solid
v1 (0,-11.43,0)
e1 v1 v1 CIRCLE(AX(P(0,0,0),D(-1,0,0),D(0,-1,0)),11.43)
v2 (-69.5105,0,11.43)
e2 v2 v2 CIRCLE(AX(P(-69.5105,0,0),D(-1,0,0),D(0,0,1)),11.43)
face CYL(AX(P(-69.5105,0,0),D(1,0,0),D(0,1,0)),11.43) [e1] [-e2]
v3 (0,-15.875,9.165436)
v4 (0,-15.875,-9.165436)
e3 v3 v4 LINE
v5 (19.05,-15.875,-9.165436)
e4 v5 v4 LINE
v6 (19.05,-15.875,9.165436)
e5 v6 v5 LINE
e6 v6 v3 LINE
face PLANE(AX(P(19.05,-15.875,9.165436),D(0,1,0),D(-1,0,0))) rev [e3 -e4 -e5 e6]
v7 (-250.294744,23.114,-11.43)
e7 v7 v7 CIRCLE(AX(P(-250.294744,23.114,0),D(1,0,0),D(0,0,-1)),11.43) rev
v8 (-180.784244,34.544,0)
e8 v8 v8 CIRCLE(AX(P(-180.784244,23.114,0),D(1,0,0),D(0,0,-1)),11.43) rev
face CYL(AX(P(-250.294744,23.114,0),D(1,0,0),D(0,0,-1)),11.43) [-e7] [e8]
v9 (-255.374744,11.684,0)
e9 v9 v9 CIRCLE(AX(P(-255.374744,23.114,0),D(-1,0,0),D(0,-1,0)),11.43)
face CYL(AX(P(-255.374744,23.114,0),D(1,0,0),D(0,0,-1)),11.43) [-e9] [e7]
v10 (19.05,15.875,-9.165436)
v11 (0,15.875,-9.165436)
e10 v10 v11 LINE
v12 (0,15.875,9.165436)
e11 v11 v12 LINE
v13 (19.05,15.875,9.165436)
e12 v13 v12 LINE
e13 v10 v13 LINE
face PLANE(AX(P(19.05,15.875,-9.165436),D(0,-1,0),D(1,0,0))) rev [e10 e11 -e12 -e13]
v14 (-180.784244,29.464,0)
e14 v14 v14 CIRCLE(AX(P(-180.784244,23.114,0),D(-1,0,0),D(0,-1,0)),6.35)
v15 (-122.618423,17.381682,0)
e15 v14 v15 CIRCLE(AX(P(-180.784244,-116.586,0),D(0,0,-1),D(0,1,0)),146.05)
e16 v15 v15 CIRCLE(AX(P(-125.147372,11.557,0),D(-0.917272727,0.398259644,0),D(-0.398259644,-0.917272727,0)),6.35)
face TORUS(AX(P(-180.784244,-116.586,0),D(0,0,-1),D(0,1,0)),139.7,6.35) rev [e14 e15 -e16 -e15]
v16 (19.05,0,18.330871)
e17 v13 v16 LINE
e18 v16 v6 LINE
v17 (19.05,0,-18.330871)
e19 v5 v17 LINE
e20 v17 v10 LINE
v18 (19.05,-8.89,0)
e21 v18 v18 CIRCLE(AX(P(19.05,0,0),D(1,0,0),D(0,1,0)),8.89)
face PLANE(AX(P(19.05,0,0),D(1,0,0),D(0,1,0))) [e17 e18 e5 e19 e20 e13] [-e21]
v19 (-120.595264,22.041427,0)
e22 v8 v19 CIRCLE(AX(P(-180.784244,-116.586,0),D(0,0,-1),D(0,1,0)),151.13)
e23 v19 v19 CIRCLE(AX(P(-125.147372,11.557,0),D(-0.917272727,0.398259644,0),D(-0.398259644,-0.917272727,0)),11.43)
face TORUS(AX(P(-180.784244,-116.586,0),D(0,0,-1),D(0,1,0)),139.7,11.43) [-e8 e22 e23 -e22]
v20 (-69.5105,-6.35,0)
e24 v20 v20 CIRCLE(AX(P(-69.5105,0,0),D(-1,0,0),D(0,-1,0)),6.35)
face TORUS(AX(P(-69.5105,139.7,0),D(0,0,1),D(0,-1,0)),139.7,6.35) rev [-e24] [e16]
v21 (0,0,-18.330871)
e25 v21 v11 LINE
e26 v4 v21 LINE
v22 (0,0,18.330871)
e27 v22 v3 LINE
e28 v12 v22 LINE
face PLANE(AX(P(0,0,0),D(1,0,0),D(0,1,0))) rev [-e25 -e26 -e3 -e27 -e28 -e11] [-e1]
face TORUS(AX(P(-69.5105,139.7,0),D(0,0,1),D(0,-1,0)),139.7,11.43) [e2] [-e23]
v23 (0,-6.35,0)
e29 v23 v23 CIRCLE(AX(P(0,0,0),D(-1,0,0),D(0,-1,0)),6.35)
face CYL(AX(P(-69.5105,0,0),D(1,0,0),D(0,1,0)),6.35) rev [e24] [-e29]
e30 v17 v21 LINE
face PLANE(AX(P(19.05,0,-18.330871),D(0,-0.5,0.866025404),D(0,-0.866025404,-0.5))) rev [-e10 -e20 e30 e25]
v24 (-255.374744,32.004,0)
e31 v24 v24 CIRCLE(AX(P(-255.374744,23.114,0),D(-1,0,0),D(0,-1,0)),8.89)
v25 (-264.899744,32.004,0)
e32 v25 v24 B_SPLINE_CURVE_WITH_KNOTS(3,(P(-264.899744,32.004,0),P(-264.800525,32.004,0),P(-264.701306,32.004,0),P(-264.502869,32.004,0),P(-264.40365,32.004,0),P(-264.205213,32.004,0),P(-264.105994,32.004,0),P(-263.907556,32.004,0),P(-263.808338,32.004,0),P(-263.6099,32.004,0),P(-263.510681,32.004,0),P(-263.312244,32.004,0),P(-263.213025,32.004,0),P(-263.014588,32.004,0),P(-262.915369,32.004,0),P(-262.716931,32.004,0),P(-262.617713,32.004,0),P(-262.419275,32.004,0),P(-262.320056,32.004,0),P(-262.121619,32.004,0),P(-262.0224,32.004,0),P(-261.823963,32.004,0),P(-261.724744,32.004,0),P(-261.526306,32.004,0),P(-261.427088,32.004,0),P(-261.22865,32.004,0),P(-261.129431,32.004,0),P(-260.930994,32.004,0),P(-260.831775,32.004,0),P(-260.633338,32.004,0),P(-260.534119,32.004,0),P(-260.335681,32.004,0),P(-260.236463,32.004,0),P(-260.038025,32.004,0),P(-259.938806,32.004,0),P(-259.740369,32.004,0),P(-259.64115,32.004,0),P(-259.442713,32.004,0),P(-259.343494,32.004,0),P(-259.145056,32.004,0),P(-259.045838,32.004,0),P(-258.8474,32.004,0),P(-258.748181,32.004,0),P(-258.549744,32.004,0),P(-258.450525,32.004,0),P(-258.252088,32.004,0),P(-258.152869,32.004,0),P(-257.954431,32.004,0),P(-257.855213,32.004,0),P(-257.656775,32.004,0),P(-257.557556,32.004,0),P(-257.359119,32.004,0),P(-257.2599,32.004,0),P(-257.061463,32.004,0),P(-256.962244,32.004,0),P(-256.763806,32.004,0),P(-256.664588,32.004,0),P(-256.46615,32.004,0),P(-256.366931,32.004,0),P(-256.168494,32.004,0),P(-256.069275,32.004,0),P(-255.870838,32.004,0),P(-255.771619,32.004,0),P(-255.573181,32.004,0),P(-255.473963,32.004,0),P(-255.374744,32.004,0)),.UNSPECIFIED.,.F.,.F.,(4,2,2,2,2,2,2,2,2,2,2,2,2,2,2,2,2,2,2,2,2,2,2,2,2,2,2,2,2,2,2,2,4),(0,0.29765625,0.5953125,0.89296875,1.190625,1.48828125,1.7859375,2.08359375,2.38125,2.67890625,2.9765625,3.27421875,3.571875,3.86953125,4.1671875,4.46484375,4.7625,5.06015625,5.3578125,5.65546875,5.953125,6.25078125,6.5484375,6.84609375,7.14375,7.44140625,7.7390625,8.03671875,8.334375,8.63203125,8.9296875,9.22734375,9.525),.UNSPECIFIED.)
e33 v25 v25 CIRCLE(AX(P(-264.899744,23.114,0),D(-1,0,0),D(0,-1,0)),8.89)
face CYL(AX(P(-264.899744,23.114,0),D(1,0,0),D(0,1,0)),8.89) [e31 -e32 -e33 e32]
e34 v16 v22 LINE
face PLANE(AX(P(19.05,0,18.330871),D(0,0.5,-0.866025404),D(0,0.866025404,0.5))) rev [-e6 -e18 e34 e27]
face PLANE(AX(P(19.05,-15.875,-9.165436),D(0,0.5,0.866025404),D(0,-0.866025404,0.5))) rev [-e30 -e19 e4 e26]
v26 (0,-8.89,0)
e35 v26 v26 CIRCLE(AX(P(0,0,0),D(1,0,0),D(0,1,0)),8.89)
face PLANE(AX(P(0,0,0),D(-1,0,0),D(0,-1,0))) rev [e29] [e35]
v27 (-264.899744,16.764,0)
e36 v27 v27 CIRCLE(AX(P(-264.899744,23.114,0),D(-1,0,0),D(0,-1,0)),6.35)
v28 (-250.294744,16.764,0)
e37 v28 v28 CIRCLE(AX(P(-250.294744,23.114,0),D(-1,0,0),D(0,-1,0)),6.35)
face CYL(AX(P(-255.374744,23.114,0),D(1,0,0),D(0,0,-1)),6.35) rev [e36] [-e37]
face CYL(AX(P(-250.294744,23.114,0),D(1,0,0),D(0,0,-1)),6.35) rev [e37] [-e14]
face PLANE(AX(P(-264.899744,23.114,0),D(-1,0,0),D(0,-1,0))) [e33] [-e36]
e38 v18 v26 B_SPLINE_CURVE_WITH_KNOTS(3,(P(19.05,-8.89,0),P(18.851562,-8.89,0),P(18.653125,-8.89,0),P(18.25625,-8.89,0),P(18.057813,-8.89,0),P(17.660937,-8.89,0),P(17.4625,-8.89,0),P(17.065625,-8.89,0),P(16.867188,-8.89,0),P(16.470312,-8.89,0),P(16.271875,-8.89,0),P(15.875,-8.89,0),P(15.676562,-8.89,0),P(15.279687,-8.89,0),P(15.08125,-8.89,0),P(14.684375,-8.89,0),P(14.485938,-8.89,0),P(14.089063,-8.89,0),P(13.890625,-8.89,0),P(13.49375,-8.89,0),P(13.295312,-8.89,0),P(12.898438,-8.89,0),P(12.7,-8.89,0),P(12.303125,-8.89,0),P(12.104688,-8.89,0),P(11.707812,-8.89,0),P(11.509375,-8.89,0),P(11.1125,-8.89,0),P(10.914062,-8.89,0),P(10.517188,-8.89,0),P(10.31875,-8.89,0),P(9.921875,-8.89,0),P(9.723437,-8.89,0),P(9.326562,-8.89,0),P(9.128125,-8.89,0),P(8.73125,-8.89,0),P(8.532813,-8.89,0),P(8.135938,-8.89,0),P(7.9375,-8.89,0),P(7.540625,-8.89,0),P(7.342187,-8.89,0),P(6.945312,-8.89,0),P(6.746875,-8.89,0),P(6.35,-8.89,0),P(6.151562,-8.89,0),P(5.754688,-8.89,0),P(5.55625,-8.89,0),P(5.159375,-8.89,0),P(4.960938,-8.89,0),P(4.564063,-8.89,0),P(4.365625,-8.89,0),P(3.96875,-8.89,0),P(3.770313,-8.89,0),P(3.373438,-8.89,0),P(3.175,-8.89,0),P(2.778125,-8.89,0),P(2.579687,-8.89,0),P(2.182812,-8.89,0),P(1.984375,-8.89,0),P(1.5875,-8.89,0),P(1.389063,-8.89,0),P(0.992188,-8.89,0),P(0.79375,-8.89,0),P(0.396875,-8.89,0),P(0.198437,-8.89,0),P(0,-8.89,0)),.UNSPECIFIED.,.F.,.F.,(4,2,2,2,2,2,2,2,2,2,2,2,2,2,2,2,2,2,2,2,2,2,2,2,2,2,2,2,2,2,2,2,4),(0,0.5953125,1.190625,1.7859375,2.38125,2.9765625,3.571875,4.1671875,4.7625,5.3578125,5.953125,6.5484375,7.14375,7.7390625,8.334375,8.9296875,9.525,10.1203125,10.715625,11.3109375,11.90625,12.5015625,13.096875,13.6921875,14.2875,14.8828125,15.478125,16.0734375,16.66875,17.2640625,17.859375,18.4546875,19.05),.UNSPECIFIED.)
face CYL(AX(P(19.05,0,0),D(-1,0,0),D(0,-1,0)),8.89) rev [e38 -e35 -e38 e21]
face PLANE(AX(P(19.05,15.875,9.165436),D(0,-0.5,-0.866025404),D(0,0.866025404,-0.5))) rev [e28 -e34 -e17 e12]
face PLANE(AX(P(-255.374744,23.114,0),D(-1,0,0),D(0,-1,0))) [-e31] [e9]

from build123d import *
from build123d.topology import SkipClean

# Parameters (mm, degrees)
SWEEP_THIN1_PROFILE_R   = 11.43
SWEEP_THIN1_PROFILE_R_2 = 6.35
SKETCH9_R               = 8.89
BOSS_EXTRUDE1_DEPTH     = 19.05
SKETCH10_R              = 8.89
SKETCH10_R_2            = 6.35
BOSS_EXTRUDE2_DEPTH     = 9.525


with BuildPart() as part:
    # Sweep-Thin1: sweep along a curve in space
    with BuildLine() as sweep_thin1_path:
        Line((-69.510499667, 0, 0), (0, 0, 0))
        ThreePointArc((-125.147371892, 11.557, 0), (-97.922758465, 2.919761844, 0), (-69.510499667, 0, 0))
        ThreePointArc((-180.784244117, 23.114, 0), (-152.371985319, 20.194238156, 0), (-125.147371892, 11.557, 0))
        Line((-250.294743784, 23.114, 0), (-180.784244117, 23.114, 0))
        Line((-250.294743784, 23.114, 0), (-255.374743784, 23.114, 0))
    # Sweep-Thin1 profile (on start of the path) → Sweep-Thin1 (sweep)
    with BuildSketch(Plane(origin=(-255.374743784, 23.114, 0), x_dir=(0, 0, 1), z_dir=(1, 0, 0))):
        Circle(SWEEP_THIN1_PROFILE_R)
        Circle(SWEEP_THIN1_PROFILE_R_2, mode=Mode.SUBTRACT)
    sweep(path=sweep_thin1_path.line)

    # Sketch9 → Boss-Extrude1 (add)
    with BuildSketch(Plane(origin=(0, 0, 0), x_dir=(0, 0, -1), z_dir=(1, 0, 0))):
        Polygon((9.165435523, 15.875), (-9.165435523, 15.875), (-18.330871047, 0), (-9.165435523, -15.875), (9.165435523, -15.875), (18.330871047, 0), align=None)
        with Locations(Location((0, 0, 0), (0, 0, 270))):
            Circle(SKETCH9_R, mode=Mode.SUBTRACT)
    extrude(amount=BOSS_EXTRUDE1_DEPTH)

    # Sketch10 → Boss-Extrude2 (add)
    with SkipClean():  # the faces are left unmerged after this step: merging them gives an invalid solid
        with BuildSketch(Plane.ZY.offset(255.374743784)):
            with Locations(Location((0, 23.114, 0), (0, 0, 90))):
                Circle(SKETCH10_R)
            with Locations(Location((0, 23.114, 0), (0, 0, 270))):
                Circle(SKETCH10_R_2, mode=Mode.SUBTRACT)
        extrude(amount=BOSS_EXTRUDE2_DEPTH)


solid = part.part
